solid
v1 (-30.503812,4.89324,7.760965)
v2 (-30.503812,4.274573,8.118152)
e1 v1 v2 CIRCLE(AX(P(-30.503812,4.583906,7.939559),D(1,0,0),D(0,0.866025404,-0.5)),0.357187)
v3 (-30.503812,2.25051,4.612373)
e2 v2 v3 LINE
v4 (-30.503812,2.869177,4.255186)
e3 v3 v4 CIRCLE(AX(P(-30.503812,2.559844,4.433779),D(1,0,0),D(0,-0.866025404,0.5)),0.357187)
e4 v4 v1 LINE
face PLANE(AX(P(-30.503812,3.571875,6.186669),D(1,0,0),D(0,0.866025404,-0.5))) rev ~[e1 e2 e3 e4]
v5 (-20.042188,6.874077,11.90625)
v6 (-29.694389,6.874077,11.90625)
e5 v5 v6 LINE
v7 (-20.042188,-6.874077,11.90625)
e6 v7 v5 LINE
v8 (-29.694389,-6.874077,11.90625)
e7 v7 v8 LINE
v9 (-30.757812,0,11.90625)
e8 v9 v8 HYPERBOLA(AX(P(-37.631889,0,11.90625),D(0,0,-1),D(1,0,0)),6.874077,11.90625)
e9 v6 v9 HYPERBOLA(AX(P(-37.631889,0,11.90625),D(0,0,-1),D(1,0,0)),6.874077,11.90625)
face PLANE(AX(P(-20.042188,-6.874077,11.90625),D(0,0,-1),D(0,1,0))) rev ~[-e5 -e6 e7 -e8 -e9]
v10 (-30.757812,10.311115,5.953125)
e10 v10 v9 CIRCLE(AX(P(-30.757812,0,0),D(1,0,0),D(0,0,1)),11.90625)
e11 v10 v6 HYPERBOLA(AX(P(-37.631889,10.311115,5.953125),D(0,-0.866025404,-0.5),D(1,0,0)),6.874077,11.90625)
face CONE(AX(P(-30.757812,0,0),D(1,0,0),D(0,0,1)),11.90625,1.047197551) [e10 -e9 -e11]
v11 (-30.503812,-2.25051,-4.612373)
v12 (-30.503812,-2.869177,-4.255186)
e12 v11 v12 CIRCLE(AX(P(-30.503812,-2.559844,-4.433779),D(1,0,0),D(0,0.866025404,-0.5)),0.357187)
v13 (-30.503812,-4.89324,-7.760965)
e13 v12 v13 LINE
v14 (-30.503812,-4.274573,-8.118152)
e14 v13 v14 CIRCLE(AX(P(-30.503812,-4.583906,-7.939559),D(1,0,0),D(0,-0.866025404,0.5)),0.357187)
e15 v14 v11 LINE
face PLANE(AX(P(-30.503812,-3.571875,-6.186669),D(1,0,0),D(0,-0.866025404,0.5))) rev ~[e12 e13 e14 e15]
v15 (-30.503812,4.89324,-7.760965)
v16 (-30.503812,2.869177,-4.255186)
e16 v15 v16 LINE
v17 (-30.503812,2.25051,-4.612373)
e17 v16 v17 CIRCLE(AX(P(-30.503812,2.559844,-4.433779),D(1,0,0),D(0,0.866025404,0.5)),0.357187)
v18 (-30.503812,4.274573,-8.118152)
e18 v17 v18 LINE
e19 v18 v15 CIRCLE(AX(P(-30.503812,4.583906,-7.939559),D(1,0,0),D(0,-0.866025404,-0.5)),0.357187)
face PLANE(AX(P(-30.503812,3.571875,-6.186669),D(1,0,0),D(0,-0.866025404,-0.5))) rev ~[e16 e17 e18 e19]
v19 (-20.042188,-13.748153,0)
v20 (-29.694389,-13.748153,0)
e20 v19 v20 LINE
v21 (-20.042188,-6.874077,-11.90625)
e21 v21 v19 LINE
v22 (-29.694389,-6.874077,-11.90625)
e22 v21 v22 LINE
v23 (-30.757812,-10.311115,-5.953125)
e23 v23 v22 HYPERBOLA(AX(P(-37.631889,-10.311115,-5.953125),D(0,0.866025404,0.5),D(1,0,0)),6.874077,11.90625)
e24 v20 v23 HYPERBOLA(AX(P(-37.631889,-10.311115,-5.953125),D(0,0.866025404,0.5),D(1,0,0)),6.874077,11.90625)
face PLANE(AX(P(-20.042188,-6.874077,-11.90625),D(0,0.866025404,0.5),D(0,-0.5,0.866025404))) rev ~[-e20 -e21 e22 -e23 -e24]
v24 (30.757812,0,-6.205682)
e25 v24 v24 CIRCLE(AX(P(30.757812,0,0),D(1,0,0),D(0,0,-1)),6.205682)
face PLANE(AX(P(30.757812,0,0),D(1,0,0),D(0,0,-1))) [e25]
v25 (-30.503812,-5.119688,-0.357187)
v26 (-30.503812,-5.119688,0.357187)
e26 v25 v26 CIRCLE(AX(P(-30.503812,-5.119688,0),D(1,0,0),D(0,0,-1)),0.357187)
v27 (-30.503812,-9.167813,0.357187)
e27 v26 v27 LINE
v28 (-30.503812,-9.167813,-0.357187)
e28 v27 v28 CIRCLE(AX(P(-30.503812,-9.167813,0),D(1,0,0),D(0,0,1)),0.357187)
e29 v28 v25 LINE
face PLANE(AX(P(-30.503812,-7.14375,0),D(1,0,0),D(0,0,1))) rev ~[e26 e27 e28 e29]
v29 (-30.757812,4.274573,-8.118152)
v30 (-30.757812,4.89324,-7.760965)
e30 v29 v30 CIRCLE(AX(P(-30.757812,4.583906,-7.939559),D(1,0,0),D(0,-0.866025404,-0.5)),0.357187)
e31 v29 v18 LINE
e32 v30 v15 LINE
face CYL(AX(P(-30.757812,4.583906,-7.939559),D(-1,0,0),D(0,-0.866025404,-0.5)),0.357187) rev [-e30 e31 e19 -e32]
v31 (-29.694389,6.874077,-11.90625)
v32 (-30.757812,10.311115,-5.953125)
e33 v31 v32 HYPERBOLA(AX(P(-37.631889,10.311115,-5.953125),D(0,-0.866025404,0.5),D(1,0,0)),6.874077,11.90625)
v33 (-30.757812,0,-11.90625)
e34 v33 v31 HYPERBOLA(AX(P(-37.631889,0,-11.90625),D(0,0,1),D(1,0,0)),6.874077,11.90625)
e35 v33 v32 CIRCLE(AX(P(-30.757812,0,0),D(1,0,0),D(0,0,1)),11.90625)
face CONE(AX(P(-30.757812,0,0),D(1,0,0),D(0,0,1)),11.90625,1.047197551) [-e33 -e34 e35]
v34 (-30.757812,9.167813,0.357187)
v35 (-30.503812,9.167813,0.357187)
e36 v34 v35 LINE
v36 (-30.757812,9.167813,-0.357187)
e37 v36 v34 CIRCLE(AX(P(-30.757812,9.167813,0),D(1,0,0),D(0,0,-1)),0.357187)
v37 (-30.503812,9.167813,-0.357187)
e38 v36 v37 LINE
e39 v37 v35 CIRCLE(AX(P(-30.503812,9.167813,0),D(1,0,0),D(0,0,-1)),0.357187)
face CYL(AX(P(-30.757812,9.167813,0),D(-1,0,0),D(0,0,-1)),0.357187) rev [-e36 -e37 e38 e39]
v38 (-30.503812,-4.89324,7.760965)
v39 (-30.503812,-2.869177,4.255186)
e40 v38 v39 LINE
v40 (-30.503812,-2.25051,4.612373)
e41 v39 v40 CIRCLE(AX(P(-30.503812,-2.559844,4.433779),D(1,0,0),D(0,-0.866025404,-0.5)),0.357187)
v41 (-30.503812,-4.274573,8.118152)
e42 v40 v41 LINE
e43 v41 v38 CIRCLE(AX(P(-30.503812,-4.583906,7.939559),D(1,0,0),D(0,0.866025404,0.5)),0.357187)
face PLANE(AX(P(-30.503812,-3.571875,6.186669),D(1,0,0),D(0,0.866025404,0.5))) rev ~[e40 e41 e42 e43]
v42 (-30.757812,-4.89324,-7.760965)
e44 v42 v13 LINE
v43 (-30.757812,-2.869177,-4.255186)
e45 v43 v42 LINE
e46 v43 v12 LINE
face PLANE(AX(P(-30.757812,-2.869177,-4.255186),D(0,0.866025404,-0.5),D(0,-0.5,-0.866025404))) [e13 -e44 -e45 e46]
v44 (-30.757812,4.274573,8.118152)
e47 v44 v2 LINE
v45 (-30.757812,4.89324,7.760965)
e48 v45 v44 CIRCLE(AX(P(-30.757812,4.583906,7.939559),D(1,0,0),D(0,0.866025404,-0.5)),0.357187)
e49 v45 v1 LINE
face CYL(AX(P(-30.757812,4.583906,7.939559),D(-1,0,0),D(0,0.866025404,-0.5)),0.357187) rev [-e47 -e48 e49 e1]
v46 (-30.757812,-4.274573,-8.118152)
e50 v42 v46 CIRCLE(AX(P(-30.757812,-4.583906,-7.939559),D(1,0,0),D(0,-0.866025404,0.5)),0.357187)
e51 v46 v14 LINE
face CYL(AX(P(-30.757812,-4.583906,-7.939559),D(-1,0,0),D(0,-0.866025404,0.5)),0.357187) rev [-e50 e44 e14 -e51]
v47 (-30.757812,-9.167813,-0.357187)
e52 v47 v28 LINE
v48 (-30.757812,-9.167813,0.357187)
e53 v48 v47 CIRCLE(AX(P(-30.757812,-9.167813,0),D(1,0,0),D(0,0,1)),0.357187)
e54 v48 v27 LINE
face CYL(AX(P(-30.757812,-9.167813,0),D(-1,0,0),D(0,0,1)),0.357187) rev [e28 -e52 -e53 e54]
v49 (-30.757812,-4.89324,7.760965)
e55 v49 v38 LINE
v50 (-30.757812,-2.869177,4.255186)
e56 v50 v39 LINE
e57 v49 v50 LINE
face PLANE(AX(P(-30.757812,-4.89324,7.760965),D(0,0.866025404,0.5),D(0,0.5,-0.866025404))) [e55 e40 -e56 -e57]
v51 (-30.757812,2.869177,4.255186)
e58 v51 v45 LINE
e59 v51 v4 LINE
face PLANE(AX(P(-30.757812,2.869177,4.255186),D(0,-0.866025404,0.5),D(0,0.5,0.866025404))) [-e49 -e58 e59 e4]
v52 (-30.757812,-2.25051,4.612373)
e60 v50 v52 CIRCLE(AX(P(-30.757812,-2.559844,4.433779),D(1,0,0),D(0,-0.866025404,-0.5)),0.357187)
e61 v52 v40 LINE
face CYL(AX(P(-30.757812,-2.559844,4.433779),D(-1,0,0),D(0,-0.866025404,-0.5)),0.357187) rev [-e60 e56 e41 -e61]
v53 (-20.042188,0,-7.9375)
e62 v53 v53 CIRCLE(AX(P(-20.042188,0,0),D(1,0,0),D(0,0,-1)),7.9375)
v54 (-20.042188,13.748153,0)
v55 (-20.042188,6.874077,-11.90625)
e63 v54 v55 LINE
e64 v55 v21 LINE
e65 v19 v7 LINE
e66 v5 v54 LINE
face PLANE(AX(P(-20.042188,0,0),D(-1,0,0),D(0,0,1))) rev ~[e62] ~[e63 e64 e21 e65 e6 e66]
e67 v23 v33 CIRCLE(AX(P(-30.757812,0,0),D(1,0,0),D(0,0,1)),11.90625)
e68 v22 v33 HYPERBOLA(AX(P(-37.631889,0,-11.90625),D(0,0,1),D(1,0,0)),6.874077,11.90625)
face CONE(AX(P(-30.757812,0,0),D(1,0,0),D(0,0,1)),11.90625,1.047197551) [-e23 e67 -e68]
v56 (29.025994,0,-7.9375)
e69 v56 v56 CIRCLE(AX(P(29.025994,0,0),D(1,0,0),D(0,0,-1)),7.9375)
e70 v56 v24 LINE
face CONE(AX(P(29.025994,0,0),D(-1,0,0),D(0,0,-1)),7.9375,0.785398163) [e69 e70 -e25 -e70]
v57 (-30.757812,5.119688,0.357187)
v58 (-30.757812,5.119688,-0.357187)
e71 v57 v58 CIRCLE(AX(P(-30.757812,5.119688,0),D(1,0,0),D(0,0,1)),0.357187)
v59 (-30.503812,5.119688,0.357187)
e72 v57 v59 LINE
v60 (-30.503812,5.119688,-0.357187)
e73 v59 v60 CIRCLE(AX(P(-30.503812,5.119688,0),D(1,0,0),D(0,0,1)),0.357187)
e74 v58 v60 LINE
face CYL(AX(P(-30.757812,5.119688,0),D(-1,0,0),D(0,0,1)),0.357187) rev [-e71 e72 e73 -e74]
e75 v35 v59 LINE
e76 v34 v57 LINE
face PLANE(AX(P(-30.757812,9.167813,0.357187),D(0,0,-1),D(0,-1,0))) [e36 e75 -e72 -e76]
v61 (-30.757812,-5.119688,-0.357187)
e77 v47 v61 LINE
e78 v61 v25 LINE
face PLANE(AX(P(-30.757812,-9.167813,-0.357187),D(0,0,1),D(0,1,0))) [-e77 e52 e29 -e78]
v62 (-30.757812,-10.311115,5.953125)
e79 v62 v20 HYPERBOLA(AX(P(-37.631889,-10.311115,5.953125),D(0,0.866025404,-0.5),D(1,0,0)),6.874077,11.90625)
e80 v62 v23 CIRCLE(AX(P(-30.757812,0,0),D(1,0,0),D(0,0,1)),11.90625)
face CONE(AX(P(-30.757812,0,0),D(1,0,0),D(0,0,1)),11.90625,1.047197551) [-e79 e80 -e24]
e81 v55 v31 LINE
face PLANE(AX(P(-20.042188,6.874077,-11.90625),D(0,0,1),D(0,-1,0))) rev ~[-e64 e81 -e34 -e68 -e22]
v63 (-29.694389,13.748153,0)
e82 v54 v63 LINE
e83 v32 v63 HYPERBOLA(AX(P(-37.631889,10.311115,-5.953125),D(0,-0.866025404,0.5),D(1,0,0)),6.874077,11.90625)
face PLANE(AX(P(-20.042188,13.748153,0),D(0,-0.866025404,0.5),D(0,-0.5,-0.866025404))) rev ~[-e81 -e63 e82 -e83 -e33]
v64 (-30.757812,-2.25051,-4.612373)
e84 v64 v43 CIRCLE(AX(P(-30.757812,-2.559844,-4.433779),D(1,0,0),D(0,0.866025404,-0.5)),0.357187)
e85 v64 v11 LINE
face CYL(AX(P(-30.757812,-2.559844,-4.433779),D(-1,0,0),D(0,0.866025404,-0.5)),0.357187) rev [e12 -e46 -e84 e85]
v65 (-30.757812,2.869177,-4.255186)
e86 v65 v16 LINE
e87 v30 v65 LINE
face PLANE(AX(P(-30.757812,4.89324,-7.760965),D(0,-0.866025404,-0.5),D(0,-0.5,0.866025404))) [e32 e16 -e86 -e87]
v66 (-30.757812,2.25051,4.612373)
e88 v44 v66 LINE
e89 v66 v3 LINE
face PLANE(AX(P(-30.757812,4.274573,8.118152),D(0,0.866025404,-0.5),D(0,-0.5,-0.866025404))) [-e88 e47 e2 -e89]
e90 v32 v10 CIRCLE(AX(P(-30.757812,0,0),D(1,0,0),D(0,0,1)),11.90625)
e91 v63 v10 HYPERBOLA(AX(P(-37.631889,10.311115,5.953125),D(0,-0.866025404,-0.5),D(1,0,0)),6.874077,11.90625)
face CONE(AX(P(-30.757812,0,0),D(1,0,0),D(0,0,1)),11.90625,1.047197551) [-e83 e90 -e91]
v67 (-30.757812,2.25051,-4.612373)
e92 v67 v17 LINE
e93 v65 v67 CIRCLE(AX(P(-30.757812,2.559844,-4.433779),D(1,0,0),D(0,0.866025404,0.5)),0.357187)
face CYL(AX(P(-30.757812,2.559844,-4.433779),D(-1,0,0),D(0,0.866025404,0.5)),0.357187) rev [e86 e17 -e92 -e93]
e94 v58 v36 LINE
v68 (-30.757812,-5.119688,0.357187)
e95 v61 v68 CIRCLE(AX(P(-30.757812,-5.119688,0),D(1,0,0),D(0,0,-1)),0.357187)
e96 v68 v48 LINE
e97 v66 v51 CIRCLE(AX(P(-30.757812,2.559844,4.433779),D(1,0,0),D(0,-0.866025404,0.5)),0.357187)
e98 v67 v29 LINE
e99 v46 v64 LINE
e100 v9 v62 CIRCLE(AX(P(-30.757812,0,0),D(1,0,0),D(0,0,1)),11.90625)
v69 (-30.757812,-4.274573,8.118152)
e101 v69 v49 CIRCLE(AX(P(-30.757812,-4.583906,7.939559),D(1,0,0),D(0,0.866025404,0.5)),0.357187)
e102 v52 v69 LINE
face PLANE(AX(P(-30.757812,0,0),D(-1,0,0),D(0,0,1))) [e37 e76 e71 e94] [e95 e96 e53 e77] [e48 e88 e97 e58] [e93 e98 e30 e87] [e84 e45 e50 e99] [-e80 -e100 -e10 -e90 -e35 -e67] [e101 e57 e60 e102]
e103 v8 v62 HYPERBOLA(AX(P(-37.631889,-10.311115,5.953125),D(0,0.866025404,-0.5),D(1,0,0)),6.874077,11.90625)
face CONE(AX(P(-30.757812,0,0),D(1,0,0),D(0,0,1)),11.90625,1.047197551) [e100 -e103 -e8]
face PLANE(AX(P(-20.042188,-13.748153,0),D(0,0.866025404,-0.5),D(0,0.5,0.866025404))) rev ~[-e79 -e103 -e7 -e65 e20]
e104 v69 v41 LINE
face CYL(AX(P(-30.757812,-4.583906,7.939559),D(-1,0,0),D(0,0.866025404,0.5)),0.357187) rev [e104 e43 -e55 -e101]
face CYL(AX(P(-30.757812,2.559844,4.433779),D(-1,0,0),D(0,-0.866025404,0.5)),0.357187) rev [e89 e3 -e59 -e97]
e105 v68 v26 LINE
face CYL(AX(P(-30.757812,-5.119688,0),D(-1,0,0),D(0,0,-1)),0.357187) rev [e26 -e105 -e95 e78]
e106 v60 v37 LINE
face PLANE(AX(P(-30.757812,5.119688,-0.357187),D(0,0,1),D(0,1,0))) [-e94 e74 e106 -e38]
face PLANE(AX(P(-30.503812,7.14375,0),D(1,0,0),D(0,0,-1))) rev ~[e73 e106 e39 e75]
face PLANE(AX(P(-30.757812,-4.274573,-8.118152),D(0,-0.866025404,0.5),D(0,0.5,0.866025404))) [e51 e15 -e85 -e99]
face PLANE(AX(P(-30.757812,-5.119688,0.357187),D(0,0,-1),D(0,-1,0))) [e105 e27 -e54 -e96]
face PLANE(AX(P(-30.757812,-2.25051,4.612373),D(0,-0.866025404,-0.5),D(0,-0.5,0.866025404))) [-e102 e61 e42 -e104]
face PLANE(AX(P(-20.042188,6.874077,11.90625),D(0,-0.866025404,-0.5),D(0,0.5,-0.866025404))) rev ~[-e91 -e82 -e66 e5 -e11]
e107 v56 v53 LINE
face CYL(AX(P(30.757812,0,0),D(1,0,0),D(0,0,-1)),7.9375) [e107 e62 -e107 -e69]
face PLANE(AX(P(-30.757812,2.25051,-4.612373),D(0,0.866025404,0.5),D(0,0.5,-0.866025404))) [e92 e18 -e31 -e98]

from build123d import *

# Parameters (mm, degrees)
SKETCH5_R           = 7.9375
BOSS_EXTRUDE3_DEPTH = 50.8
CHAMFER1_SIZE       = 1.731818182
BOSS_EXTRUDE4_DEPTH = 10.715625
SKETCH8_OUTSIDE_W   = 256.666
SKETCH8_OUTSIDE_H   = 260.35
SKETCH8_OUTSIDE_R   = 11.90625
CUT_EXTRUDE3_DEPTH  = 62.515625
CUT_EXTRUDE3_TAPER  = 60
CUT_EXTRUDE4_DEPTH  = 0.254
CIRPATTERN1_COUNT   = 6


with BuildPart() as part:
    # Sketch5 → Boss-Extrude3 (new body)
    with BuildSketch(Plane(origin=(30.7578125, 0, 0), x_dir=(0, 0, -1), z_dir=(1, 0, 0))):
        Circle(SKETCH5_R)
    extrude(amount=-BOSS_EXTRUDE3_DEPTH)

    # Chamfer1
    chamfer1_edges = [part.edges().sort_by_distance(p)[0] for p in [
        (30.7578125, 0, 7.9375),
    ]]
    chamfer(chamfer1_edges, length=CHAMFER1_SIZE)

    # Sketch6 → Boss-Extrude4 (add)
    with BuildSketch(Plane.ZY.offset(20.0421875)):
        Polygon((11.90625, 6.874076643), (0, 13.748153285), (-11.90625, 6.874076643), (-11.90625, -6.874076643), (0, -13.748153285), (11.90625, -6.874076643), align=None)
    extrude(amount=BOSS_EXTRUDE4_DEPTH)

    # Sketch8 outside → Cut-Extrude3 (cut, through all)
    with BuildSketch(Plane.ZY.offset(30.7578125)):
        Rectangle(SKETCH8_OUTSIDE_W, SKETCH8_OUTSIDE_H)
        Circle(SKETCH8_OUTSIDE_R, mode=Mode.SUBTRACT)
    extrude(amount=-CUT_EXTRUDE3_DEPTH, taper=CUT_EXTRUDE3_TAPER, mode=Mode.SUBTRACT)

    # Sketch12 → Cut-Extrude4 (cut)
    with BuildSketch(Plane.ZY.offset(30.7578125)):
        with BuildLine():
            Line((0.3571875, 9.1678125), (0.3571875, 5.1196875))
            ThreePointArc((0.3571875, 5.1196875), (0, 4.7625), (-0.3571875, 5.1196875))
            Line((-0.3571875, 5.1196875), (-0.3571875, 9.1678125))
            ThreePointArc((-0.3571875, 9.1678125), (0, 9.525), (0.3571875, 9.1678125))
        make_face()
    cut_extrude4 = extrude(amount=-CUT_EXTRUDE4_DEPTH, mode=Mode.SUBTRACT)

    # CirPattern1: Cut-Extrude4 ×6 about axis
    cirpattern1_axis = Axis((0, 0, 0), (1, 0, 0))
    for i in range(1, CIRPATTERN1_COUNT):
        add(cut_extrude4.rotate(cirpattern1_axis, i * 360 / CIRPATTERN1_COUNT), mode=Mode.SUBTRACT)


solid = part.part
